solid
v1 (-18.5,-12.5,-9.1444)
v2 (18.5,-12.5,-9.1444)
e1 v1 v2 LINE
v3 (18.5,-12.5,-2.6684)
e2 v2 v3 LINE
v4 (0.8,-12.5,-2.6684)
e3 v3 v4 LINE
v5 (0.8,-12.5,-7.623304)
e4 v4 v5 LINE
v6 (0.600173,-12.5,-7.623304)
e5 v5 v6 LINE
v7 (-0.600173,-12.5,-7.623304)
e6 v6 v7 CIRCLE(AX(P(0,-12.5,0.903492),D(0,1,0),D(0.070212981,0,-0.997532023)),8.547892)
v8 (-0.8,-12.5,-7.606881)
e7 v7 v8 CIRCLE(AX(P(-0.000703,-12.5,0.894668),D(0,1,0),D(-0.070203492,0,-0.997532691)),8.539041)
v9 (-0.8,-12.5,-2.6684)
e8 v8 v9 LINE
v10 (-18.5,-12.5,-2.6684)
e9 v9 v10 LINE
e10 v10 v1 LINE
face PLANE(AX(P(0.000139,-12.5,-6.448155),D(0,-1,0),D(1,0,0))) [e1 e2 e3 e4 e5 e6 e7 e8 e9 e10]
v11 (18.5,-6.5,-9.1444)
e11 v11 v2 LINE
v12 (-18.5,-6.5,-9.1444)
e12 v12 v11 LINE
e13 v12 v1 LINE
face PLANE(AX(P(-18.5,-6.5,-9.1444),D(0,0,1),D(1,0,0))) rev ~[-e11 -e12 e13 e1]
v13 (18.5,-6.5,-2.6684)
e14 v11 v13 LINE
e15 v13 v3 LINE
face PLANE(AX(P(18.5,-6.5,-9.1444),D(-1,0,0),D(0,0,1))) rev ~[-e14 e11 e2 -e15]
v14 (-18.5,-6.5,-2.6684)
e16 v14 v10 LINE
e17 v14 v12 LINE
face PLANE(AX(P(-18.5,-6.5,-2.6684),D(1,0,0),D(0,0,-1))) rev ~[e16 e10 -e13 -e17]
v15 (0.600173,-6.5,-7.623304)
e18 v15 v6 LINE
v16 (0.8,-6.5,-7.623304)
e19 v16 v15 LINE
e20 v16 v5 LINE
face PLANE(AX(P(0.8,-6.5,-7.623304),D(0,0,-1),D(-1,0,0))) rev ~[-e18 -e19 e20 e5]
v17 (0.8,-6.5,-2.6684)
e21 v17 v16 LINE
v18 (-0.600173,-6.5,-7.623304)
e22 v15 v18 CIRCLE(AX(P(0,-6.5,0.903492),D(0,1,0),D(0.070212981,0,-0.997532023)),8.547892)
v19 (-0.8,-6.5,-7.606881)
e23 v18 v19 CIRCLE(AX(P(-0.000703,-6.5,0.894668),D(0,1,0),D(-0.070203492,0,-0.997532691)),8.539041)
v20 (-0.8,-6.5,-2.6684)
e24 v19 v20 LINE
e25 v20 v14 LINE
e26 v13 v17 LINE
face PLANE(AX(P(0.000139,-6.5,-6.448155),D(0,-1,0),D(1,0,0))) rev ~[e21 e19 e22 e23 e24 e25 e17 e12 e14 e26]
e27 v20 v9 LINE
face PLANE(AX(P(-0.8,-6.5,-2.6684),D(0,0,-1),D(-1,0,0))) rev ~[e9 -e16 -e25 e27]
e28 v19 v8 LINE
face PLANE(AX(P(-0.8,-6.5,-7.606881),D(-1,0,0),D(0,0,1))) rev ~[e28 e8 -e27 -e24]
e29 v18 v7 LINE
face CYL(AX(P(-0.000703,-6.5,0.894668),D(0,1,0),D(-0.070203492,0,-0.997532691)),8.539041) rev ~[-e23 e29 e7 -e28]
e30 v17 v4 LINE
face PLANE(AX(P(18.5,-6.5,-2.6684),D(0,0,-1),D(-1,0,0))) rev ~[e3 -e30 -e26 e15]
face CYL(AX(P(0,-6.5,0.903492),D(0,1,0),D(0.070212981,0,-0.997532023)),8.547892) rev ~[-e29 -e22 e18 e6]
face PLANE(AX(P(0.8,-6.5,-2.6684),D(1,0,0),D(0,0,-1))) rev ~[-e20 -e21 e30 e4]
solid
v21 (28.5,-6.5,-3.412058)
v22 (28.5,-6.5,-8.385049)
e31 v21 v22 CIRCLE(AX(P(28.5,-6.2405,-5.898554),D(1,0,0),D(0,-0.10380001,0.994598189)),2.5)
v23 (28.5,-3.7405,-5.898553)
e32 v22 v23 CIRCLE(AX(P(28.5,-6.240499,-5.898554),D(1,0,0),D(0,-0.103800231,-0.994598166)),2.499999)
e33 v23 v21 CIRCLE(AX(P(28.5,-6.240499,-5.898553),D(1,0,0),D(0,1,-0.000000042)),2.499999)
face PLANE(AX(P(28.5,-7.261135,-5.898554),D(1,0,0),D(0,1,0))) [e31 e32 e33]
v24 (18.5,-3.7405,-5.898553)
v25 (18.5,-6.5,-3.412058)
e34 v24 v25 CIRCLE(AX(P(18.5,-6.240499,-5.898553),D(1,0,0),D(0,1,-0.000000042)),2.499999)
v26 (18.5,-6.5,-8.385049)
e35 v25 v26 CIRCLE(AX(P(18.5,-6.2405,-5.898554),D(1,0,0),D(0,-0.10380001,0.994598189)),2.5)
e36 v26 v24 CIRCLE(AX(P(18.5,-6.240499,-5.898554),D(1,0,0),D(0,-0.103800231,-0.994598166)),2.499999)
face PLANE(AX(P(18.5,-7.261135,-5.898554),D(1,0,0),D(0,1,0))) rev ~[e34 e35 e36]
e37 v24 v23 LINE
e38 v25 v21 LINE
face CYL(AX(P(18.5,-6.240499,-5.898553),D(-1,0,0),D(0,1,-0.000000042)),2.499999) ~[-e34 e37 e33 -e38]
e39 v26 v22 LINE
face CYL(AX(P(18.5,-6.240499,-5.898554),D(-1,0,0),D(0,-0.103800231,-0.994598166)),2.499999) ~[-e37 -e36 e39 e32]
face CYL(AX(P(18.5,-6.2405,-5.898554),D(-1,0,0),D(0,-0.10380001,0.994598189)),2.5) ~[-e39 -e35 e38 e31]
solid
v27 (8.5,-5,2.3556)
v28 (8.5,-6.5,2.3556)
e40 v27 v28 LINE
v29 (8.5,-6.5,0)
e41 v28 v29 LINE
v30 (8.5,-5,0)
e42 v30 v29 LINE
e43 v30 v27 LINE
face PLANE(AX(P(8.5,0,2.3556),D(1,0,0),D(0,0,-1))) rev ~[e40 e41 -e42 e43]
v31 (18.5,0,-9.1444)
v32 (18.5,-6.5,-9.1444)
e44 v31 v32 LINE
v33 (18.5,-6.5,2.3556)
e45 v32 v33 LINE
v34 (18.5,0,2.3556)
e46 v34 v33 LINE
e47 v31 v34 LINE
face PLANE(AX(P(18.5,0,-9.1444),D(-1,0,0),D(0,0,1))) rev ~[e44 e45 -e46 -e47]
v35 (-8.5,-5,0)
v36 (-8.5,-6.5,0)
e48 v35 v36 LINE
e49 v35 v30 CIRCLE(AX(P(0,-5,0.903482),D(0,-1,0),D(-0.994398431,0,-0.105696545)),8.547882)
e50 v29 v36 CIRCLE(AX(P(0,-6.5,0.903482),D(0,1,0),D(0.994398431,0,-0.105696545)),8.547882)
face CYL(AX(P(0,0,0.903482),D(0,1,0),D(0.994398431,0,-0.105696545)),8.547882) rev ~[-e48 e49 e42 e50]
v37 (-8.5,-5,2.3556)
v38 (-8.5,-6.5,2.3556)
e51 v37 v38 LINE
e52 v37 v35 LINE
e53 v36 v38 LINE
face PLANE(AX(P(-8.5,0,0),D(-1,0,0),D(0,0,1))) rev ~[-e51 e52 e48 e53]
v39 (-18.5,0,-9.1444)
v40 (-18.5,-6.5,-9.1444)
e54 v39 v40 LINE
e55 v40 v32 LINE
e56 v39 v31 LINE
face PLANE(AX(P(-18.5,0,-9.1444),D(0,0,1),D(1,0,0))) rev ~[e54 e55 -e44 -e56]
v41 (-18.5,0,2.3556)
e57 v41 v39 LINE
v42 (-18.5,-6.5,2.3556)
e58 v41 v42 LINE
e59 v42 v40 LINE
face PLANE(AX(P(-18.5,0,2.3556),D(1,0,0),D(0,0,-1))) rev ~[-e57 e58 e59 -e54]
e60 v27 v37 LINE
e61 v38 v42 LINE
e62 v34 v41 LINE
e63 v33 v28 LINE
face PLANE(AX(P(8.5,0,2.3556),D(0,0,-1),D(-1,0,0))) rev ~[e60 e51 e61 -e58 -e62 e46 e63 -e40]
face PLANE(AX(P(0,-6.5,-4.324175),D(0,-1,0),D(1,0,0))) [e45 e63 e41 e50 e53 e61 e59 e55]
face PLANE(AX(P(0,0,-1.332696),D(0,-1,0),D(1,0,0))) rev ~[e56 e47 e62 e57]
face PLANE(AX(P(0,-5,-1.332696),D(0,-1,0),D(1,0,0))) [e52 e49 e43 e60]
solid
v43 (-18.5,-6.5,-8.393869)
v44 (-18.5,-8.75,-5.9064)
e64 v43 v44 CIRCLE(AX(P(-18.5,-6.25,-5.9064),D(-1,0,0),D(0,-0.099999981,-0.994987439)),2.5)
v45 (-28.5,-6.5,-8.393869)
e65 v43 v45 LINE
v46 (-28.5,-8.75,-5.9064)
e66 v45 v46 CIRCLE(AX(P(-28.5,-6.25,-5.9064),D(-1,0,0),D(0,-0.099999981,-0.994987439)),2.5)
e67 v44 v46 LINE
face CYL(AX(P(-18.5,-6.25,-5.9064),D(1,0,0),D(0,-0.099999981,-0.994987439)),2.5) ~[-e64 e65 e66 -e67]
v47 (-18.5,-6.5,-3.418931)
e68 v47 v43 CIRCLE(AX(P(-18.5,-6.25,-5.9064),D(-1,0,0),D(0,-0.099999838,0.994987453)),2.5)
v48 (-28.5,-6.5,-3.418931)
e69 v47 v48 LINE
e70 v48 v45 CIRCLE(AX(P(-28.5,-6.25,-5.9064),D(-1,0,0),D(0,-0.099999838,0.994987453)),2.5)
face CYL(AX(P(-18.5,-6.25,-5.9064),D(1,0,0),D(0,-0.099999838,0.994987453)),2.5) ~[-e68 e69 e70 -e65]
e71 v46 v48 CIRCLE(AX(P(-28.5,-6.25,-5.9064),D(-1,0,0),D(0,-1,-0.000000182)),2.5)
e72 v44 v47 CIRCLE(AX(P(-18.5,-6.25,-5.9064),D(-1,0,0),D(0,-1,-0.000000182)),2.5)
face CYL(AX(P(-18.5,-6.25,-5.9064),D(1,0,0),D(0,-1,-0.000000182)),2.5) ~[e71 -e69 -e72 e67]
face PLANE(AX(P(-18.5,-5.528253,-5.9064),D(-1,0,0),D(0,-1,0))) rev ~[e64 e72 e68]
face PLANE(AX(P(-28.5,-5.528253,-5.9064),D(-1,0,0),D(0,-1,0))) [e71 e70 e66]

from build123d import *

# Parameters (mm, degrees)
F1_DEPTH = 5
F2_DEPTH = 6.5
F4_DEPTH = 6
F6_DEPTH = 10
F8_DEPTH = 10


with BuildPart() as f1:
    # F0 (on Front) → F1 (new body)
    with BuildSketch(Plane.XZ):
        with BuildLine():
            Line((-8.5, 2.3556), (-8.5, 0))
            ThreePointArc((-8.5, 0), (0, -7.6444), (8.5, 0))
            Line((8.5, 0), (8.5, 2.3556))
            Line((8.5, 2.3556), (-8.5, 2.3556))
        make_face()
    extrude(amount=F1_DEPTH)

    # F0 (on Front) → F2 (join)
    with BuildSketch(Plane.XZ):
        with BuildLine():
            ThreePointArc((8.5, 0), (0, -7.6444), (-8.5, 0))
            Line((-8.5, 0), (-8.5, 2.3556))
            Line((-8.5, 2.3556), (-18.5, 2.3556))
            Line((-18.5, 2.3556), (-18.5, -9.1444))
            Line((-18.5, -9.1444), (18.5, -9.1444))
            Line((18.5, -9.1444), (18.5, 2.3556))
            Line((18.5, 2.3556), (8.5, 2.3556))
            Line((8.5, 2.3556), (8.5, 0))
        make_face()
    extrude(amount=F2_DEPTH)


with BuildPart() as f4:
    # F3 (on face) → F4 (new body)
    with BuildSketch(Plane.XZ.offset(6.5)):
        with BuildLine():
            Line((-7.765819, -2.6684), (-18.5, -2.6684))
            Line((-18.5, -2.6684), (-18.5, -9.1444))
            Line((-18.5, -9.1444), (18.5, -9.1444))
            Line((18.5, -9.1444), (18.5, -2.6684))
            Line((18.5, -2.6684), (7.765819, -2.6684))
            ThreePointArc((7.765819, -2.6684), (4.94373, -6.06974), (0.8, -7.606881))
            Line((0.8, -7.606881), (0.8, -7.623304))
            Line((0.8, -7.623304), (0.600173, -7.623304))
            ThreePointArc((0.600173, -7.623304), (0, -7.6444), (-0.600173, -7.623304))
            ThreePointArc((-0.600173, -7.623304), (-0.700135, -7.615679), (-0.8, -7.606881))
            ThreePointArc((-0.8, -7.606881), (-4.94373, -6.06974), (-7.765819, -2.6684))
        make_face()
        with BuildLine():
            Line((-0.8, -2.6684), (-7.765819, -2.6684))
            ThreePointArc((-7.765819, -2.6684), (-4.94373, -6.06974), (-0.8, -7.606881))
            Line((-0.8, -7.606881), (-0.8, -2.6684))
        make_face()
        with BuildLine():
            ThreePointArc((0.8, -7.606881), (4.94373, -6.06974), (7.765819, -2.6684))
            Line((7.765819, -2.6684), (0.8, -2.6684))
            Line((0.8, -2.6684), (0.8, -7.606881))
        make_face()
    extrude(amount=F4_DEPTH)


with BuildPart() as f6:
    # F5 (on face) → F6 (new body)
    with BuildSketch(Plane.YZ.offset(18.5)):
        with BuildLine():
            Line((-6.5, -8.385049), (-6.5, -3.412058))
            ThreePointArc((-6.5, -3.412058), (-8.7405, -5.898553), (-6.5, -8.385049))
        make_face()
        with BuildLine():
            ThreePointArc((-6.5, -8.385049), (-4.566993, -7.755803), (-3.7405, -5.898553))
            ThreePointArc((-3.7405, -5.898553), (-4.566993, -4.041304), (-6.5, -3.412058))
            Line((-6.5, -3.412058), (-6.5, -8.385049))
        make_face()
    extrude(amount=F6_DEPTH)


with BuildPart() as f8:
    # F7 (on face) → F8 (new body)
    with BuildSketch(Plane(origin=(-18.5, 0, 0), x_dir=(0, -1, 0), z_dir=(-1, 0, 0))):
        with BuildLine():
            Line((6.5, -8.393869), (6.5, -3.418931))
            ThreePointArc((6.5, -3.418931), (3.75, -5.9064), (6.5, -8.393869))
        make_face()
        with BuildLine():
            ThreePointArc((6.5, -8.393869), (8.10405, -7.583451), (8.75, -5.9064))
            ThreePointArc((8.75, -5.9064), (8.10405, -4.229349), (6.5, -3.418931))
            Line((6.5, -3.418931), (6.5, -8.393869))
        make_face()
    extrude(amount=F8_DEPTH)


solid = Compound([f1.part, f4.part, f6.part, f8.part])
